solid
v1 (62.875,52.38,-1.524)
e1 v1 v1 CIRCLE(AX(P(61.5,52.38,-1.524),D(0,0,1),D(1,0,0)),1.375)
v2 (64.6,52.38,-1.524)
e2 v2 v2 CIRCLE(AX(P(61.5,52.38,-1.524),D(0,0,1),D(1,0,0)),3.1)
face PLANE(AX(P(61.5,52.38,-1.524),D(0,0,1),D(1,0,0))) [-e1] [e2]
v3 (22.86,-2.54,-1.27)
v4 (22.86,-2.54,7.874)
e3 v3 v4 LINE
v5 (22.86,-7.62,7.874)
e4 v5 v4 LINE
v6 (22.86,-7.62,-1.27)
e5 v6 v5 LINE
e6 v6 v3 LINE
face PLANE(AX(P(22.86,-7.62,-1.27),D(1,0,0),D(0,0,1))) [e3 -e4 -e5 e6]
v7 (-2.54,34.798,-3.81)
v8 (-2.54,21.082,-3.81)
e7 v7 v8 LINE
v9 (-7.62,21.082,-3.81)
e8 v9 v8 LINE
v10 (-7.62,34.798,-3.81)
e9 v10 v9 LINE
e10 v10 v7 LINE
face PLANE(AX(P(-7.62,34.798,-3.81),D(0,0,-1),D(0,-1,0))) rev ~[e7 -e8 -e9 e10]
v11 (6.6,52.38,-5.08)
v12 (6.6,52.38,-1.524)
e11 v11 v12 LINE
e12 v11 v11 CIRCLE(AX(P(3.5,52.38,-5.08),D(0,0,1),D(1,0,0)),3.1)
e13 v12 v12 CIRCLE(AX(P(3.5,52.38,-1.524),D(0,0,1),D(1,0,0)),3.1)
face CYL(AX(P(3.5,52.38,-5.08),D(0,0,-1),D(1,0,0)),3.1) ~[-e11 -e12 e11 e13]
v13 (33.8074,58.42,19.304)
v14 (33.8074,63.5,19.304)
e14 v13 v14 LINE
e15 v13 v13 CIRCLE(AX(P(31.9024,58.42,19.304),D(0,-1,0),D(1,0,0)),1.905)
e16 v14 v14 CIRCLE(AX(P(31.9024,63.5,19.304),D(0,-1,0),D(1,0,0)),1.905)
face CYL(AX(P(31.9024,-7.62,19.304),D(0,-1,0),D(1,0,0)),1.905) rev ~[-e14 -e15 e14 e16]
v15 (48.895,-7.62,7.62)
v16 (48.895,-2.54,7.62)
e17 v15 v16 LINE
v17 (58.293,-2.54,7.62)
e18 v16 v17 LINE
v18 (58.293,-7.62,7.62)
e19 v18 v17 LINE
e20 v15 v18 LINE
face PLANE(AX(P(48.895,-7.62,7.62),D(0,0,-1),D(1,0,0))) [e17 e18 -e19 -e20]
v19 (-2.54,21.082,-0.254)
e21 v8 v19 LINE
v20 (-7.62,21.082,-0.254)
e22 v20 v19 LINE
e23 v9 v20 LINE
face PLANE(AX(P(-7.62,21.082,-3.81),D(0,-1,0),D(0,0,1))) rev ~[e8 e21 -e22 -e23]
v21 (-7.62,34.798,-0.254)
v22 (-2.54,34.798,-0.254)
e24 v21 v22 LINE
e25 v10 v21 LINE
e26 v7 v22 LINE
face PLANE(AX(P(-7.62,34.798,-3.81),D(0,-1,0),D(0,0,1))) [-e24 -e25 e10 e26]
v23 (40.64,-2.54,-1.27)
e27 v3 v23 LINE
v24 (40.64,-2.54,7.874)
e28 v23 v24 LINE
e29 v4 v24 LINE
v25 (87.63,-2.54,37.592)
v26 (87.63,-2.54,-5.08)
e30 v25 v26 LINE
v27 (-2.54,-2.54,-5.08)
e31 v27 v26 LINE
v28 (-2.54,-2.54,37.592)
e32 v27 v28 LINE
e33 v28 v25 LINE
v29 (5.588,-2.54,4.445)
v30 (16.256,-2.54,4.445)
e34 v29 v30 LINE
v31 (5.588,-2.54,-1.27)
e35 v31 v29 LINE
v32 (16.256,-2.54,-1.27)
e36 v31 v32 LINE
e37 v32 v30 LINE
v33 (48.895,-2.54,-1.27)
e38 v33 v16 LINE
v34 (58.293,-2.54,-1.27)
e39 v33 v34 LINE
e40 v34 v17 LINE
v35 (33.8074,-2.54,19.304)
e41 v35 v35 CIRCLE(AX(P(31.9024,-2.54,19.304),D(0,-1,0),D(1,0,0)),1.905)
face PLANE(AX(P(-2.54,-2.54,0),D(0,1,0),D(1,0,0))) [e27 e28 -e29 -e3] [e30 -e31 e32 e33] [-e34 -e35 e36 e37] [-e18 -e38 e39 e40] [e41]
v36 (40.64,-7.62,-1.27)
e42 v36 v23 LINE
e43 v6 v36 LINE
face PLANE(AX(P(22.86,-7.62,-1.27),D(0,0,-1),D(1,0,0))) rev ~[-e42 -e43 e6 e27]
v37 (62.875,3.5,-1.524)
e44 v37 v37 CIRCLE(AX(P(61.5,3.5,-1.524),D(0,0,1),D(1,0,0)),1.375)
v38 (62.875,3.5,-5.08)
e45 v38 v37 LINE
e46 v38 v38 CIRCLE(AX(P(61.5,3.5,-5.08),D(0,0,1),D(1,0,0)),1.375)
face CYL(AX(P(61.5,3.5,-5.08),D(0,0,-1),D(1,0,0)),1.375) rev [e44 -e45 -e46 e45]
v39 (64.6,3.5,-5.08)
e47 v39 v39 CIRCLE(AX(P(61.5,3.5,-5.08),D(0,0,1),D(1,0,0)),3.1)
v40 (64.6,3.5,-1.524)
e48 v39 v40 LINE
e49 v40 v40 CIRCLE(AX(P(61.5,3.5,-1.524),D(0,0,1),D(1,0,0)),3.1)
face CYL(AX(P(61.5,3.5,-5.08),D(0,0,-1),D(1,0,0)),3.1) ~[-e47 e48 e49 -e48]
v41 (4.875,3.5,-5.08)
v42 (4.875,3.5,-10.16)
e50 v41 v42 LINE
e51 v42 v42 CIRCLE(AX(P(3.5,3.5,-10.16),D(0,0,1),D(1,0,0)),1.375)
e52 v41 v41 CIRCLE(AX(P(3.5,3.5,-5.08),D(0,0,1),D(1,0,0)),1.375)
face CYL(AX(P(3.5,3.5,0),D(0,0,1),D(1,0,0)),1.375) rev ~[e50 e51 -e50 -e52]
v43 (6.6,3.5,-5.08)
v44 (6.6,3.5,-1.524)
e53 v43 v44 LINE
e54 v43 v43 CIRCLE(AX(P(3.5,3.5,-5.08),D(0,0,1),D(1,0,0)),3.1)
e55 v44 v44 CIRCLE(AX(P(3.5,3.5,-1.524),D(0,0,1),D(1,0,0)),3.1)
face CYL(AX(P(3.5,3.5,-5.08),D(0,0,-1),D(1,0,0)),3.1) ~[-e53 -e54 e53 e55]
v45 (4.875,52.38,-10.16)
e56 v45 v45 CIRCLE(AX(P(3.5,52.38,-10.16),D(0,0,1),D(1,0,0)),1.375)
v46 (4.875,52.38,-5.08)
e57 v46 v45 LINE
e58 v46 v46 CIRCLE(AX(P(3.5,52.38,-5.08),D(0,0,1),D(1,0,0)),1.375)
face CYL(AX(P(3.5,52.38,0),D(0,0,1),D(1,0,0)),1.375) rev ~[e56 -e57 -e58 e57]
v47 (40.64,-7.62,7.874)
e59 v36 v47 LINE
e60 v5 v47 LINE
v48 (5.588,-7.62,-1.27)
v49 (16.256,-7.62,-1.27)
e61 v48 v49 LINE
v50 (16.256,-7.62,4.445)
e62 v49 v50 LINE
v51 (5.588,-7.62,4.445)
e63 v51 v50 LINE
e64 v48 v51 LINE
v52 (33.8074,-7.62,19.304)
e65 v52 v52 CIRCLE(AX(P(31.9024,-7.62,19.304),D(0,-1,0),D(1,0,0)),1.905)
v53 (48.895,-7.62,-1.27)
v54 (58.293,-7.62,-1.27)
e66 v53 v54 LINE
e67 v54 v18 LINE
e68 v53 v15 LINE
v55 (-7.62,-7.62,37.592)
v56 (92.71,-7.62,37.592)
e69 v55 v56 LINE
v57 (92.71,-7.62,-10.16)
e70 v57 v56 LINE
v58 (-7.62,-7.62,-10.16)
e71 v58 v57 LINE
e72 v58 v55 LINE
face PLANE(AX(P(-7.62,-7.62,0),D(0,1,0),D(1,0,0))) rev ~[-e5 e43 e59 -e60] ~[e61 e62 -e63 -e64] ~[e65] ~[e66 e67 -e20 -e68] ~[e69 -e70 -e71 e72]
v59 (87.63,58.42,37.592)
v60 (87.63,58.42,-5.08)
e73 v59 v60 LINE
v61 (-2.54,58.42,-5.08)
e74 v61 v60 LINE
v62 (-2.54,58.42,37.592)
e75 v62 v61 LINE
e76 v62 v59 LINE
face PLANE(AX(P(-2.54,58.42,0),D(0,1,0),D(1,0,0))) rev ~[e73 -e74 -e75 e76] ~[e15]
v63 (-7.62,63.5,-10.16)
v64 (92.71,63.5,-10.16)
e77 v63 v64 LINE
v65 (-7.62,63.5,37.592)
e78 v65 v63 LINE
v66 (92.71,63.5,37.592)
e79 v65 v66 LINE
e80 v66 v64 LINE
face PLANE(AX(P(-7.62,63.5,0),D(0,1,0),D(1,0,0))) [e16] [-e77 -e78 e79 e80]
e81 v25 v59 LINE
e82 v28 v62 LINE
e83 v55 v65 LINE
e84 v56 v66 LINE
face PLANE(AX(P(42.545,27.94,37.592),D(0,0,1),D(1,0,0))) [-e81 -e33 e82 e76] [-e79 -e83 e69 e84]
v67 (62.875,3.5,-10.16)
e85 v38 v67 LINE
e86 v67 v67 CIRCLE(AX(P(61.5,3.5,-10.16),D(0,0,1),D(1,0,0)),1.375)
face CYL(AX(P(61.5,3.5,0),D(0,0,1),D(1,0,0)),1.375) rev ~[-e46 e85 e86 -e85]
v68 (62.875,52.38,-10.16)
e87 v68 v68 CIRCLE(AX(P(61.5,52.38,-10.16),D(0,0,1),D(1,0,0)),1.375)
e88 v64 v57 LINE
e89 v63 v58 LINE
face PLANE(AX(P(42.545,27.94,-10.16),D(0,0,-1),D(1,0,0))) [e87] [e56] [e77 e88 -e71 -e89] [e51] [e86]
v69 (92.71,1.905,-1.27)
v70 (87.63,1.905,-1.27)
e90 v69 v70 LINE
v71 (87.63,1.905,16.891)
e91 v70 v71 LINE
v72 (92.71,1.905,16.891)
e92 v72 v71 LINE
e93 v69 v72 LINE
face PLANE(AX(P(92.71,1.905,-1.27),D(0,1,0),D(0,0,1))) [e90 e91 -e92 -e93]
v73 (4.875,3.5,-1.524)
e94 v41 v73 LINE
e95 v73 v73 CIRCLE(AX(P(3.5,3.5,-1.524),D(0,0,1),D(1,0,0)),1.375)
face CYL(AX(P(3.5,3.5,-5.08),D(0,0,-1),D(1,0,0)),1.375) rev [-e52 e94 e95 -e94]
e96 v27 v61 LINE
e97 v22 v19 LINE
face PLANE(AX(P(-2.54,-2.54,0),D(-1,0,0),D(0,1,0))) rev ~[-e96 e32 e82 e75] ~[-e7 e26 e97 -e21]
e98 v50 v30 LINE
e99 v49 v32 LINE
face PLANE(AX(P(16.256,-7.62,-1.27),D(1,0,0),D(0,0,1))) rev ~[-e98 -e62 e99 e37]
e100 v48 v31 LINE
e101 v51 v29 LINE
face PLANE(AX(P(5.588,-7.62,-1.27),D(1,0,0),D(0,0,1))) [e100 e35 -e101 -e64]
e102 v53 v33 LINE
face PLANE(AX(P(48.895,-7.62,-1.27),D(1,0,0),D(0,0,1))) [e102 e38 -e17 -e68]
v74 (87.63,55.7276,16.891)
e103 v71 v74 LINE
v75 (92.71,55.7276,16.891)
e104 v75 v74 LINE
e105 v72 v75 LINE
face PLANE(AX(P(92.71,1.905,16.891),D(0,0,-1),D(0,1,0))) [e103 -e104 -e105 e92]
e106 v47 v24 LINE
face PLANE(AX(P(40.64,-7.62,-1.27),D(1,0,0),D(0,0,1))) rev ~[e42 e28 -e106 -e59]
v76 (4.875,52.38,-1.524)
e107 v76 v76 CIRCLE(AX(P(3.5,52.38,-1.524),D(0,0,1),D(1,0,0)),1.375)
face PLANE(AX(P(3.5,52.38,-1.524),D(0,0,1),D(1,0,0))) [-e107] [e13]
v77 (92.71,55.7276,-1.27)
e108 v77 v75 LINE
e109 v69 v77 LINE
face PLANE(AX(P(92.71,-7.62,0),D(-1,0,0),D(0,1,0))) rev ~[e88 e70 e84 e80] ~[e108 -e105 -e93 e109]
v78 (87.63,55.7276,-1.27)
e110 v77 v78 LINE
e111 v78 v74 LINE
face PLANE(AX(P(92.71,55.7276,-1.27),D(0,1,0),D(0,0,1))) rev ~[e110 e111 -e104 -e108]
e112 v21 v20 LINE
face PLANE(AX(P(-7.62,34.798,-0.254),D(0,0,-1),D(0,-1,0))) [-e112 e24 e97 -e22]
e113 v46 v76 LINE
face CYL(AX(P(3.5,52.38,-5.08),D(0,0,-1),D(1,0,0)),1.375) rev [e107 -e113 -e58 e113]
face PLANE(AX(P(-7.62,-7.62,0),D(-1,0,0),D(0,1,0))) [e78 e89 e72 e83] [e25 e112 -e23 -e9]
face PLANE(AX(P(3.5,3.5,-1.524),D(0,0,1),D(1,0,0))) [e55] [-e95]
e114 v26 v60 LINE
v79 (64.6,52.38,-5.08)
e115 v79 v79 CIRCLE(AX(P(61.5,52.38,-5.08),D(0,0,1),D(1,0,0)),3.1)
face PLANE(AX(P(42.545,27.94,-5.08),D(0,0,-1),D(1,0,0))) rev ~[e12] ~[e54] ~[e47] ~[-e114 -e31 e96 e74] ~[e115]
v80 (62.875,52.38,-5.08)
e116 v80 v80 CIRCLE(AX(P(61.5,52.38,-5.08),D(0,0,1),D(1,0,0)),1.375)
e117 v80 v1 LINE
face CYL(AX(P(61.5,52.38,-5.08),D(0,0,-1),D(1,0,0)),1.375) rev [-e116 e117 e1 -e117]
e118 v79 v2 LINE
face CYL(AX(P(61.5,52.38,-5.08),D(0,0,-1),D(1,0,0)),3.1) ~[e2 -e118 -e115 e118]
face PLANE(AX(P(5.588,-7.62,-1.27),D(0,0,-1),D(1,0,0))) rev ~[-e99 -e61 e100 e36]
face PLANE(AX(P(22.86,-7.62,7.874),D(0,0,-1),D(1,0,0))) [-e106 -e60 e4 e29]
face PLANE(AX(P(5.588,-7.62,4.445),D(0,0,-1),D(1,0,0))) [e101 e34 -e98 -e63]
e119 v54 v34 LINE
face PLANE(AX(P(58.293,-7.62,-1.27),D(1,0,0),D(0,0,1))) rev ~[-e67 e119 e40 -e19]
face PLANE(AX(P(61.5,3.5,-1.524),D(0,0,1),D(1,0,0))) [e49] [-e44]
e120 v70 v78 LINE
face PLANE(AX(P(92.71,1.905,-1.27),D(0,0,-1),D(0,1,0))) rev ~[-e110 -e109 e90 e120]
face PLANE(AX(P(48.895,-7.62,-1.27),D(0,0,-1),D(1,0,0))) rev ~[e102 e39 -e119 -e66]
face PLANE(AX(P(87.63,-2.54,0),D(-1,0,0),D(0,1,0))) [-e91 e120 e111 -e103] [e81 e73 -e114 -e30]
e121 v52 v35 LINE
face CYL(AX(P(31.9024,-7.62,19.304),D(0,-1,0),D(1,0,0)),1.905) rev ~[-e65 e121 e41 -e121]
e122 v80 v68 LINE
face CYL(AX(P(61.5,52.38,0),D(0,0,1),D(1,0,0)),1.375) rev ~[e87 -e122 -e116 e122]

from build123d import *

# Parameters (mm, degrees)
F0_W      = 100.33
F0_H      = 71.12
F0_W_2    = 90.17
F0_H_2    = 60.96
F1_DEPTH  = 5.08
F2_W      = 100.33
F2_H      = 71.12
F3_DEPTH  = 5.08
F0_R      = 1.375
F4_DEPTH  = 25.4
F5_R      = 3.1
F5_R_2    = 1.375
F6_DEPTH  = 3.556
F7_DEPTH  = 37.592
F8_W      = 13.716
F8_H      = 3.556
F9_DEPTH  = 5.08
F10_W     = 10.668
F10_H     = 5.715
F10_W_2   = 17.78
F10_H_2   = 9.144
F10_W_3   = 9.398
F10_H_3   = 8.89
F11_DEPTH = 5.08
F12_W     = 53.8226
F12_H     = 18.161
F13_DEPTH = 5.08
F14_R     = 1.905
F15_DEPTH = 71.121


with BuildPart() as f1:
    # F0 (on Top) → F1 (new body)
    with BuildSketch(Plane.XY):
        with Locations((42.545, 27.94)):
            Rectangle(F0_W, F0_H)
        with Locations((42.545, 27.94)):
            Rectangle(F0_W_2, F0_H_2, mode=Mode.SUBTRACT)
    extrude(amount=-F1_DEPTH)

    # F2 (on face) → F3 (join)
    with BuildSketch(Plane(origin=(0, 0, -5.08), x_dir=(1, 0, 0), z_dir=(0, 0, -1))):
        with Locations((42.545, -27.94)):
            Rectangle(F2_W, F2_H)
    extrude(amount=F3_DEPTH)

    # F0 (on Top) → F4 (cut)
    with BuildSketch(Plane.XY):
        with Locations((3.5, 52.38)):
            Circle(F0_R)
        with Locations((61.5, 52.38)):
            Circle(F0_R)
        with Locations((61.5, 3.5)):
            Circle(F0_R)
        with Locations((3.5, 3.5)):
            Circle(F0_R)
    extrude(amount=-F4_DEPTH, mode=Mode.SUBTRACT)

    # F5 (on face) → F6 (join)
    with BuildSketch(Plane.XY.offset(-5.08)):
        with Locations((3.5, 52.38)):
            Circle(F5_R)
        with Locations((3.5, 52.38)):
            Circle(F5_R_2, mode=Mode.SUBTRACT)
        with Locations((61.5, 52.38)):
            Circle(F5_R)
        with Locations((61.5, 52.38)):
            Circle(F5_R_2, mode=Mode.SUBTRACT)
        with Locations((61.5, 3.5)):
            Circle(F5_R)
        with Locations((61.5, 3.5)):
            Circle(F5_R_2, mode=Mode.SUBTRACT)
        with Locations((3.5, 3.5)):
            Circle(F5_R)
        with Locations((3.5, 3.5)):
            Circle(F5_R_2, mode=Mode.SUBTRACT)
    extrude(amount=F6_DEPTH)

    # F0 (on Top) → F7 (join)
    with BuildSketch(Plane.XY):
        with Locations((42.545, 27.94)):
            Rectangle(F0_W, F0_H)
        with Locations((42.545, 27.94)):
            Rectangle(F0_W_2, F0_H_2, mode=Mode.SUBTRACT)
    extrude(amount=F7_DEPTH)

    # F8 (on face) → F9 (cut, through all)
    with BuildSketch(Plane(origin=(-7.62, 0, 0), x_dir=(0, -1, 0), z_dir=(-1, 0, 0))):
        with Locations((-27.94, -2.032)):
            Rectangle(F8_W, F8_H)
    extrude(amount=-F9_DEPTH, mode=Mode.SUBTRACT)

    # F10 (on face) → F11 (cut, through all)
    with BuildSketch(Plane.XZ.offset(7.62)):
        with Locations((10.922, 1.5875)):
            Rectangle(F10_W, F10_H)
        with Locations((31.75, 3.302)):
            Rectangle(F10_W_2, F10_H_2)
        with Locations((53.594, 3.175)):
            Rectangle(F10_W_3, F10_H_3)
    extrude(amount=-F11_DEPTH, mode=Mode.SUBTRACT)

    # F12 (on face) → F13 (cut, through all)
    with BuildSketch(Plane.YZ.offset(92.71)):
        with Locations((28.8163, 7.8105)):
            Rectangle(F12_W, F12_H)
    extrude(amount=-F13_DEPTH, mode=Mode.SUBTRACT)

    # F14 (on face) → F15 (cut, through all)
    with BuildSketch(Plane.XZ.offset(7.62)):
        with Locations((31.9024, 19.304)):
            Circle(F14_R)
    extrude(amount=-F15_DEPTH, mode=Mode.SUBTRACT)


solid = f1.part
